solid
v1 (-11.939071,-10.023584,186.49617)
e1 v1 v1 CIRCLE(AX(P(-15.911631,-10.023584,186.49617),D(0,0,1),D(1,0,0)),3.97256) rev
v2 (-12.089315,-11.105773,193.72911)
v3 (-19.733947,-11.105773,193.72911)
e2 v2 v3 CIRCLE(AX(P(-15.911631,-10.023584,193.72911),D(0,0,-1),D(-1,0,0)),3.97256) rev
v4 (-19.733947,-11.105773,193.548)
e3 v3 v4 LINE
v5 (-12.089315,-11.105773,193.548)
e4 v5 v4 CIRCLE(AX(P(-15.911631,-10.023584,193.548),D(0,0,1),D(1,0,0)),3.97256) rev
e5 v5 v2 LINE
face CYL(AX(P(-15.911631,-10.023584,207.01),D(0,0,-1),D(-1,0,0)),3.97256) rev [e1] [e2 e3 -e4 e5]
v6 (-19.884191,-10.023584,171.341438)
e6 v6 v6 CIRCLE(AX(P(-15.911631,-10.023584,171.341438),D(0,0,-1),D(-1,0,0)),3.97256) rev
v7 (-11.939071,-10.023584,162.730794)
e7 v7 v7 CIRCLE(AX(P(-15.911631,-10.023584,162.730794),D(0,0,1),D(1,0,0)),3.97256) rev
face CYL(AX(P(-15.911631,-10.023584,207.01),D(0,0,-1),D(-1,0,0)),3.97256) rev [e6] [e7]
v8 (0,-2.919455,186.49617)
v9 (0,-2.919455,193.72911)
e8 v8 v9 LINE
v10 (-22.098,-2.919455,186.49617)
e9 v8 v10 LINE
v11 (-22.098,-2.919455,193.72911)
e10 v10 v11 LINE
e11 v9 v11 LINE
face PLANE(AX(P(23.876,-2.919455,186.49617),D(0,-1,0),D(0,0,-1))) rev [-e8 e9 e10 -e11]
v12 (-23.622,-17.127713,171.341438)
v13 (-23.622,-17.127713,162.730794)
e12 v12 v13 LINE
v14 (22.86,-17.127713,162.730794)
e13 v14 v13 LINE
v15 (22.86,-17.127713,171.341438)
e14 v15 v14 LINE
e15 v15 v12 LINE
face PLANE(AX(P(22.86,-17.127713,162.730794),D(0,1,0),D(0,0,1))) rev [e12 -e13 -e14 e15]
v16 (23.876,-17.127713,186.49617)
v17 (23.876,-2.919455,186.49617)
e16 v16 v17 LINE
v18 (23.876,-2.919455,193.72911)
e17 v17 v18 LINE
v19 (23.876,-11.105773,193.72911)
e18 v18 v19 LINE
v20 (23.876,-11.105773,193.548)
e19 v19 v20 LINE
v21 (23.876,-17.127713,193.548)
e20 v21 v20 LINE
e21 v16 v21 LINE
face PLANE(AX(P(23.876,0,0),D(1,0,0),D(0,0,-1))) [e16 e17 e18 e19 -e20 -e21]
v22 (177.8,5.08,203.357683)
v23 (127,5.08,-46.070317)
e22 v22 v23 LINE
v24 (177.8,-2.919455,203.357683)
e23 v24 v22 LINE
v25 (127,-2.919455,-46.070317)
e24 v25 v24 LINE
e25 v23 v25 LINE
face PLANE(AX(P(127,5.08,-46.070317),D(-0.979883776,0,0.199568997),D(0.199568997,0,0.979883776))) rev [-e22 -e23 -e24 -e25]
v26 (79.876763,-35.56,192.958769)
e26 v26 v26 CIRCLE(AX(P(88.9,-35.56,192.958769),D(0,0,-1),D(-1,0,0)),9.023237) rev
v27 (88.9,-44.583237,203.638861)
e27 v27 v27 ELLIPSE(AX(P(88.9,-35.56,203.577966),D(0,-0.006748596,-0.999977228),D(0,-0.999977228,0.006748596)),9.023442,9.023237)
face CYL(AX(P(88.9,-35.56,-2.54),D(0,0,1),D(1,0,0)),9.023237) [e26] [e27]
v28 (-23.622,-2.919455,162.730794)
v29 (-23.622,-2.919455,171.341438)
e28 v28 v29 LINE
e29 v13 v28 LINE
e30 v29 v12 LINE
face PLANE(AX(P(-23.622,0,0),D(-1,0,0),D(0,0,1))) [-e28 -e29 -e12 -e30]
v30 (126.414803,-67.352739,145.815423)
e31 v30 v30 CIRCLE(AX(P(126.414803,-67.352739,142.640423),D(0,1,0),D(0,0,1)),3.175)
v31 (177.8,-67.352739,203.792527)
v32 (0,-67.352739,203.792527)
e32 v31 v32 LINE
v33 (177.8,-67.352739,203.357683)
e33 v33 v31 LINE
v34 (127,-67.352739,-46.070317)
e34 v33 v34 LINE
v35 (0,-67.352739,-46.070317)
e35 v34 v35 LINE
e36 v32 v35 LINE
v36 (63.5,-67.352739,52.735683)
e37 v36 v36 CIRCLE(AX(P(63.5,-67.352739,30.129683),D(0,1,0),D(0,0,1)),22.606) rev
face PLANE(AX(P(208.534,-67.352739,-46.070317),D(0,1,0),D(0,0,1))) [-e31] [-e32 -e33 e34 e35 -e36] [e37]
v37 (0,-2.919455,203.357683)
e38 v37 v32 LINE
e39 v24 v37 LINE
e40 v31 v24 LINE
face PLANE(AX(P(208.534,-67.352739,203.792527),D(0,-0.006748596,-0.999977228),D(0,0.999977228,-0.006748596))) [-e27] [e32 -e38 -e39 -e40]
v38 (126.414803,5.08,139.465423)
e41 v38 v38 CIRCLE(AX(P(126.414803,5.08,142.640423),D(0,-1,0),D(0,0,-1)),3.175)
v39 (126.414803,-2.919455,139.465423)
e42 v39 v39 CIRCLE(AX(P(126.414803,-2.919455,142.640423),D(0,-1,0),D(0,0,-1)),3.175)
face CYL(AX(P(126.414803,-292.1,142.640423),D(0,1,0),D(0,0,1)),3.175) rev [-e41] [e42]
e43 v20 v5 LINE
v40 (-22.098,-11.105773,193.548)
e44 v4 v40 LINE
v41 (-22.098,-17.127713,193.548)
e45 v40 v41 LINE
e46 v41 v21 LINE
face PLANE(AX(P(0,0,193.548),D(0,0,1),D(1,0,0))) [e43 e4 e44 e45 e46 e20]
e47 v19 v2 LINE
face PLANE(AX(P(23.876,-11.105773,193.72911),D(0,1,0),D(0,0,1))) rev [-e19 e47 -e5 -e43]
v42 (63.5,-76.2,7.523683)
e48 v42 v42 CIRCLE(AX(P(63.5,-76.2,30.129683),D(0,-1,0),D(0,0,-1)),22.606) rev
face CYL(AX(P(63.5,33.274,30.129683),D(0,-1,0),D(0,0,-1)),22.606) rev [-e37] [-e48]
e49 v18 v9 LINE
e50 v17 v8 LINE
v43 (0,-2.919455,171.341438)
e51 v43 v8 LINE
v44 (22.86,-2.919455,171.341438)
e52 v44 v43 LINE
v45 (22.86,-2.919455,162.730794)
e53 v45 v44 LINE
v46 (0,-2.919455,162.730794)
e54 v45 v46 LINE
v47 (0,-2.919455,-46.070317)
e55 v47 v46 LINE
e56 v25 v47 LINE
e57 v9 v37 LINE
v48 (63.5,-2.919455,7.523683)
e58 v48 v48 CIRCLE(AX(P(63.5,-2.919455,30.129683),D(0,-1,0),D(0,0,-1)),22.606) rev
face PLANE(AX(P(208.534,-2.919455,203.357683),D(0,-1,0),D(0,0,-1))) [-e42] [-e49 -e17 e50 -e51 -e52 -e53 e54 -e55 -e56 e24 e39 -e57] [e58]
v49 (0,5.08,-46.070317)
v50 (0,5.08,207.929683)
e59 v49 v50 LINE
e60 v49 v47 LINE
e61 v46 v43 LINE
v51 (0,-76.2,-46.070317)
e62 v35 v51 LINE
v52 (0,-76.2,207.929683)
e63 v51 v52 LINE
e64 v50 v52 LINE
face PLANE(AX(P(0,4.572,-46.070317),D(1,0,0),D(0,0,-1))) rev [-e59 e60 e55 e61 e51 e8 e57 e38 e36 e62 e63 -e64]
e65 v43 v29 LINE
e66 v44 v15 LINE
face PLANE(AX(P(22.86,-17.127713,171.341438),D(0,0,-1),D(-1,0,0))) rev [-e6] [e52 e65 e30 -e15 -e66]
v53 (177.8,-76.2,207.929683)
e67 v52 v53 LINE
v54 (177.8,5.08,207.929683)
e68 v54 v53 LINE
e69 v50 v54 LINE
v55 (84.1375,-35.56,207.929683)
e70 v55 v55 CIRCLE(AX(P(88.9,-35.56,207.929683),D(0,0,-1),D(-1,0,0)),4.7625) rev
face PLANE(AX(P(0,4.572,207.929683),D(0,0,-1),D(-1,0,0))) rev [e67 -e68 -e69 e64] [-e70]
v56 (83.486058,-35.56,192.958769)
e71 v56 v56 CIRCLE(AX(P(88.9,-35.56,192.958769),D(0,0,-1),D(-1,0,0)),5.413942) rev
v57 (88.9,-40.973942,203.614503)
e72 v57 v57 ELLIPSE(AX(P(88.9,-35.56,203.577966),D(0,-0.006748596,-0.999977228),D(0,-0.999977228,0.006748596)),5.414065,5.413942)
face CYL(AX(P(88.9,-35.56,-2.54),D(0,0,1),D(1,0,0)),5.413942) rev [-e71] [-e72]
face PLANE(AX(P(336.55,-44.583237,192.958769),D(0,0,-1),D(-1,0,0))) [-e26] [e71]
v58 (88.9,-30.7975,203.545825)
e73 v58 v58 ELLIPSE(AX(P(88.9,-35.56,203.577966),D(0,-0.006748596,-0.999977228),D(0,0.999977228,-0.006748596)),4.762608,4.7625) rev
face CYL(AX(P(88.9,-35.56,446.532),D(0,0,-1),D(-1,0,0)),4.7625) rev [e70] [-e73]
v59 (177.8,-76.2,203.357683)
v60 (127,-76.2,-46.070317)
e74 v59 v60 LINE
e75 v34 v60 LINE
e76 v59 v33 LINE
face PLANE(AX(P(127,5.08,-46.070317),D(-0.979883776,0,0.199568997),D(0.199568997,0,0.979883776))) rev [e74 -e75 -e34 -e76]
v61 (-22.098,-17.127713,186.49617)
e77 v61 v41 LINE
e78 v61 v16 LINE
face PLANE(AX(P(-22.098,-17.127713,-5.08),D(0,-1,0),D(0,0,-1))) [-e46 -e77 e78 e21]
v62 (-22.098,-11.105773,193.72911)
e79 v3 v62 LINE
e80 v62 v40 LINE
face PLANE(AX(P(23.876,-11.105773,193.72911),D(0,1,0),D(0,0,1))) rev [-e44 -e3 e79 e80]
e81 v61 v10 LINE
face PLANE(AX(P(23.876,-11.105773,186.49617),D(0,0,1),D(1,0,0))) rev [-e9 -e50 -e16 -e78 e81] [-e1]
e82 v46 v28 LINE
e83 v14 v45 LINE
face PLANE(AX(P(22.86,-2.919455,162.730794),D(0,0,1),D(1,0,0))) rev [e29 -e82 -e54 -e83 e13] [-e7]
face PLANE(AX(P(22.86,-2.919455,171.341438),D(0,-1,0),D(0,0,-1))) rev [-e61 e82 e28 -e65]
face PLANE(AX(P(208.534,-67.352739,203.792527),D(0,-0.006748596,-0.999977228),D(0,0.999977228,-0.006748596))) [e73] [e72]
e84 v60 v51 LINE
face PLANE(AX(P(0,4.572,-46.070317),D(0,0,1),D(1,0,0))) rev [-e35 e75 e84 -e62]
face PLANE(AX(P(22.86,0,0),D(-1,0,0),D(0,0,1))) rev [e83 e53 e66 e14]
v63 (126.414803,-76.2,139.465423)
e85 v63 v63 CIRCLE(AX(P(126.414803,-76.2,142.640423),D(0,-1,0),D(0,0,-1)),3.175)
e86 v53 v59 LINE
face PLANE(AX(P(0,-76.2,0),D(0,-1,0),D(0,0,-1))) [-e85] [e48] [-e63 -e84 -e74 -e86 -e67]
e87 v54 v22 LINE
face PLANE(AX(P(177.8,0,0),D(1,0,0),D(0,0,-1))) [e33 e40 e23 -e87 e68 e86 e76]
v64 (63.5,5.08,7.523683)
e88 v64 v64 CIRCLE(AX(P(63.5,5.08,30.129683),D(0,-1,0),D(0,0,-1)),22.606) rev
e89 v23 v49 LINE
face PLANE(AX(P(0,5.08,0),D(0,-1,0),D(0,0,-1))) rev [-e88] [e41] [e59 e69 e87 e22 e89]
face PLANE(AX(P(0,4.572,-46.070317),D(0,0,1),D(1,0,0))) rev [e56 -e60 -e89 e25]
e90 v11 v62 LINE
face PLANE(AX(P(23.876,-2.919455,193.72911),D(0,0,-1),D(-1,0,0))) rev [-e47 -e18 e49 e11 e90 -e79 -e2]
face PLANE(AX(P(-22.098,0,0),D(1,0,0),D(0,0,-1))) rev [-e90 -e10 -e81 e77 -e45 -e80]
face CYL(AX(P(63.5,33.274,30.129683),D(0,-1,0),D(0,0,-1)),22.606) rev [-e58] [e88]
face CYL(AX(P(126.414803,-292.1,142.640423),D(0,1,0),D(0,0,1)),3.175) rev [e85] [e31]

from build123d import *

# Parameters (mm, degrees)
SALIENTE_EXTRUIR1_DEPTH       = 4.572
CROQUIS2_W                    = 4.572
CROQUIS2_H                    = 76.2
SALIENTE_EXTRUIR2_DEPTH       = 177.8
SALIENTE_EXTRUIR3_DEPTH       = 5.08
SALIENTE_EXTRUIR3_DEPTH_BACK  = 76.2
CORTAR_EXTRUIR5_DEPTH         = 208.534
CROQUIS5_R                    = 12.7
CORTAR_EXTRUIR6_DEPTH         = 50.038
CORTAR_EXTRUIR6_DEPTH_BACK    = 148.336
CROQUIS6_R                    = 22.606
CORTAR_EXTRUIR12_DEPTH        = 33.274
CORTAR_EXTRUIR12_DEPTH_BACK   = 97.282
CROQUIS7_R                    = 7.975525782
CORTAR_EXTRUIR13_DEPTH        = 66.04
CORTAR_EXTRUIR13_DEPTH_BACK   = 177.8
CROQUIS8_R                    = 8.001
CROQUIS8_R_2                  = 7.975525782
SALIENTE_EXTRUIR8_DEPTH       = 19.304
SALIENTE_EXTRUIR8_DEPTH_BACK  = 18.034
CROQUIS9_R                    = 8.001
SALIENTE_EXTRUIR9_DEPTH       = 15.494
SALIENTE_EXTRUIR9_DEPTH_BACK  = 19.558
CROQUIS10_W                   = 16.002
CROQUIS10_H                   = 15.494
CORTAR_EXTRUIR14_DEPTH        = 261.874
CORTAR_EXTRUIR15_DEPTH        = 422.402
CROQUIS12_R                   = 8.001
SALIENTE_EXTRUIR10_DEPTH      = 118.618
CROQUIS13_W                   = 16.002
CROQUIS13_H                   = 64.433284084
CORTAR_EXTRUIR16_DEPTH        = 300.99
CORTAR_EXTRUIR17_DEPTH        = 262.89
CROQUIS15_R                   = 3.175
CORTAR_EXTRUIR18_DEPTH        = 120.142
CORTAR_EXTRUIR18_DEPTH_BACK   = 292.1
CROQUIS16_R                   = 4.7625
CORTAR_EXTRUIR20_DEPTH        = 446.532
CROQUIS20_R                   = 9.023236634
CROQUIS20_R_2                 = 5.413941981
SALIENTE_EXTRUIR12_DEPTH      = 206.502
SALIENTE_EXTRUIR12_DEPTH_BACK = 2.54
CROQUIS22_W                   = 184.818676859
CROQUIS22_H                   = 18.046473268
CORTAR_EXTRUIR21_DEPTH        = 252.984
CROQUIS23_W                   = 10.680092276
CROQUIS23_H                   = 18.046473268
CORTAR_EXTRUIR22_DEPTH        = 336.55
CROQUIS24_W                   = 7.23294038
CROQUIS24_H                   = 8.186318229
SALIENTE_EXTRUIR13_DEPTH      = 23.876
SALIENTE_EXTRUIR13_DEPTH_BACK = 22.098
CROQUIS25_W                   = 45.974
CROQUIS25_H                   = 6.021939504
SALIENTE_EXTRUIR14_DEPTH      = 193.548
SALIENTE_EXTRUIR14_DEPTH_BACK = 5.08
CROQUIS26_W                   = 191.576169951
CROQUIS26_H                   = 6.021939504
CORTAR_EXTRUIR23_DEPTH        = 184.658
CORTAR_EXTRUIR23_DEPTH_BACK   = 81.534
CROQUIS27_W                   = 8.610643309
CROQUIS27_H                   = 14.208257733
SALIENTE_EXTRUIR15_DEPTH      = 22.86
SALIENTE_EXTRUIR15_DEPTH_BACK = 23.622
CROQUIS28_R                   = 3.97256
CORTAR_EXTRUIR24_DEPTH        = 207.01


with BuildPart() as part:
    # Croquis1 → Saliente-Extruir1 (new body)
    with BuildSketch(Plane(origin=(0, 0, 0), x_dir=(1, 0, 0), z_dir=(0, 1, 0))):
        Polygon((0, 46.07031702), (0, -207.92968298), (177.8, -207.92968298), (127, 46.07031702), align=None)
    extrude(amount=SALIENTE_EXTRUIR1_DEPTH)

    # Croquis2 → Saliente-Extruir2 (add)
    with BuildSketch(Plane(origin=(0, 0, 0), x_dir=(0, 0, -1), z_dir=(1, 0, 0))):
        with Locations((-205.64368298, -33.528)):
            Rectangle(CROQUIS2_W, CROQUIS2_H)
    extrude(amount=SALIENTE_EXTRUIR2_DEPTH)

    # Croquis3 → Saliente-Extruir3 (add, two sides)
    with BuildSketch(Plane(origin=(0, 0, 0), x_dir=(1, 0, 0), z_dir=(0, 1, 0))) as saliente_extruir3_sk:
        Polygon((0, -207.92968298), (0, 46.07031702), (127, 46.07031702), (177.8, -203.35768298), (177.8, -207.92968298), align=None)
    extrude(amount=SALIENTE_EXTRUIR3_DEPTH)
    extrude(saliente_extruir3_sk.sketch, amount=-SALIENTE_EXTRUIR3_DEPTH_BACK)

    # Croquis4 → Cortar-Extruir5 (cut)
    with BuildSketch(Plane(origin=(0, 0, 0), x_dir=(0, 0, -1), z_dir=(1, 0, 0))):
        Polygon((46.07031702, -2.919454773), (46.07031702, -67.352738857), (-203.792527081, -67.352738857), (-203.35768298, -2.919454773), align=None)
    extrude(amount=CORTAR_EXTRUIR5_DEPTH, mode=Mode.SUBTRACT)

    # Croquis5 → Cortar-Extruir6 (cut, two sides)
    with BuildSketch(Plane(origin=(0, 0, 0), x_dir=(1, 0, 0), z_dir=(0, 1, 0))) as cortar_extruir6_sk:
        with Locations((63.5, -30.12968298)):
            Circle(CROQUIS5_R)
    extrude(amount=CORTAR_EXTRUIR6_DEPTH, mode=Mode.SUBTRACT)
    extrude(cortar_extruir6_sk.sketch, amount=-CORTAR_EXTRUIR6_DEPTH_BACK, mode=Mode.SUBTRACT)

    # Croquis6 → Cortar-Extruir12 (cut, two sides)
    with BuildSketch(Plane(origin=(0, 0, 0), x_dir=(1, 0, 0), z_dir=(0, 1, 0))) as cortar_extruir12_sk:
        with Locations((63.5, -30.12968298)):
            Circle(CROQUIS6_R)
    extrude(amount=CORTAR_EXTRUIR12_DEPTH, mode=Mode.SUBTRACT)
    extrude(cortar_extruir12_sk.sketch, amount=-CORTAR_EXTRUIR12_DEPTH_BACK, mode=Mode.SUBTRACT)

    # Croquis7 → Cortar-Extruir13 (cut, two sides)
    with BuildSketch(Plane(origin=(0, 0, 0), x_dir=(1, 0, 0), z_dir=(0, 1, 0))) as cortar_extruir13_sk:
        with Locations((122.352899809, -133.656770096)):
            Circle(CROQUIS7_R)
    extrude(amount=CORTAR_EXTRUIR13_DEPTH, mode=Mode.SUBTRACT)
    extrude(cortar_extruir13_sk.sketch, amount=-CORTAR_EXTRUIR13_DEPTH_BACK, mode=Mode.SUBTRACT)

    # Croquis8 → Saliente-Extruir8 (add, two sides)
    with BuildSketch(Plane.XZ.offset(76.2)) as saliente_extruir8_sk:
        with Locations((122.352899809, 133.656770096)):
            Circle(CROQUIS8_R)
        with Locations((122.352899809, 133.656770096)):
            Circle(CROQUIS8_R_2, mode=Mode.SUBTRACT)
    extrude(amount=SALIENTE_EXTRUIR8_DEPTH)
    extrude(saliente_extruir8_sk.sketch, amount=-SALIENTE_EXTRUIR8_DEPTH_BACK)

    # Croquis9 → Saliente-Extruir9 (add, two sides)
    with BuildSketch(Plane(origin=(0, 5.08, 0), x_dir=(1, 0, 0), z_dir=(0, 1, 0))) as saliente_extruir9_sk:
        with Locations((122.352899809, -133.656770096)):
            Circle(CROQUIS9_R)
    extrude(amount=SALIENTE_EXTRUIR9_DEPTH)
    extrude(saliente_extruir9_sk.sketch, amount=-SALIENTE_EXTRUIR9_DEPTH_BACK)

    # Croquis10 → Cortar-Extruir14 (cut)
    with BuildSketch(Plane(origin=(0, 0, 0), x_dir=(0, 0, -1), z_dir=(1, 0, 0))):
        with Locations((-133.656770096, 12.827)):
            Rectangle(CROQUIS10_W, CROQUIS10_H)
    extrude(amount=CORTAR_EXTRUIR14_DEPTH, mode=Mode.SUBTRACT)

    # Croquis11 → Cortar-Extruir15 (cut)
    with BuildSketch(Plane(origin=(0, 0, 0), x_dir=(0, 0, -1), z_dir=(1, 0, 0))):
        Polygon((-142.139346511, -2.919454773), (-142.052853493, -14.491925991), (-125.655770096, -14.478), (-125.655770096, -2.919454773), align=None)
        Polygon((-141.657770096, -67.352738857), (-125.655770096, -67.352738857), (-125.655770096, -57.997233167), (-141.727693443, -57.997233167), align=None)
    extrude(amount=CORTAR_EXTRUIR15_DEPTH, mode=Mode.SUBTRACT)

    # Croquis12 → Saliente-Extruir10 (add)
    with BuildSketch(Plane(origin=(0, 0, 0), x_dir=(1, 0, 0), z_dir=(0, 1, 0))):
        with Locations((122.352899809, -133.656770096)):
            Circle(CROQUIS12_R)
    extrude(amount=-SALIENTE_EXTRUIR10_DEPTH)

    # Croquis13 → Cortar-Extruir16 (cut)
    with BuildSketch(Plane(origin=(0, 0, 0), x_dir=(0, 0, -1), z_dir=(1, 0, 0))):
        with Locations((-133.656770096, -35.136096815)):
            Rectangle(CROQUIS13_W, CROQUIS13_H)
    extrude(amount=CORTAR_EXTRUIR16_DEPTH, mode=Mode.SUBTRACT)

    # Croquis14 → Cortar-Extruir17 (cut)
    with BuildSketch(Plane(origin=(0, 0, 0), x_dir=(0, 0, -1), z_dir=(1, 0, 0))):
        Polygon((-141.823129416, -76.2), (-141.657770096, -118.618), (-125.655770096, -118.618), (-125.655770096, -76.2), align=None)
    extrude(amount=CORTAR_EXTRUIR17_DEPTH, mode=Mode.SUBTRACT)

    # Croquis15 → Cortar-Extruir18 (cut, two sides)
    with BuildSketch(Plane(origin=(0, 0, 0), x_dir=(1, 0, 0), z_dir=(0, 1, 0))) as cortar_extruir18_sk:
        with Locations((126.414802626, -142.640423395)):
            Circle(CROQUIS15_R)
    extrude(amount=CORTAR_EXTRUIR18_DEPTH, mode=Mode.SUBTRACT)
    extrude(cortar_extruir18_sk.sketch, amount=-CORTAR_EXTRUIR18_DEPTH_BACK, mode=Mode.SUBTRACT)

    # Croquis16 → Cortar-Extruir20 (cut)
    with BuildSketch(Plane.XY):
        with Locations((88.9, -35.56)):
            Circle(CROQUIS16_R)
    extrude(amount=CORTAR_EXTRUIR20_DEPTH, mode=Mode.SUBTRACT)

    # Croquis20 → Saliente-Extruir12 (add, two sides)
    with BuildSketch(Plane.XY) as saliente_extruir12_sk:
        with Locations((88.9, -35.56)):
            Circle(CROQUIS20_R)
        with Locations((88.9, -35.56)):
            Circle(CROQUIS20_R_2, mode=Mode.SUBTRACT)
    extrude(amount=SALIENTE_EXTRUIR12_DEPTH)
    extrude(saliente_extruir12_sk.sketch, amount=-SALIENTE_EXTRUIR12_DEPTH_BACK)

    # Croquis22 → Cortar-Extruir21 (cut)
    with BuildSketch(Plane(origin=(0, 0, 0), x_dir=(0, 0, -1), z_dir=(1, 0, 0))):
        with Locations((-89.86933843, -35.56)):
            Rectangle(CROQUIS22_W, CROQUIS22_H)
    extrude(amount=CORTAR_EXTRUIR21_DEPTH, mode=Mode.SUBTRACT)

    # Croquis23 → Cortar-Extruir22 (cut)
    with BuildSketch(Plane(origin=(0, 0, 0), x_dir=(0, 0, -1), z_dir=(1, 0, 0))):
        with Locations((-187.618722997, -35.56)):
            Rectangle(CROQUIS23_W, CROQUIS23_H)
    extrude(amount=CORTAR_EXTRUIR22_DEPTH, mode=Mode.SUBTRACT)

    # Croquis24 → Saliente-Extruir13 (add, two sides)
    with BuildSketch(Plane(origin=(0, 0, 0), x_dir=(0, 0, -1), z_dir=(1, 0, 0))) as saliente_extruir13_sk:
        with Locations((-190.112640141, -7.012613888)):
            Rectangle(CROQUIS24_W, CROQUIS24_H)
    extrude(amount=SALIENTE_EXTRUIR13_DEPTH)
    extrude(saliente_extruir13_sk.sketch, amount=-SALIENTE_EXTRUIR13_DEPTH_BACK)

    # Croquis25 → Saliente-Extruir14 (add, two sides)
    with BuildSketch(Plane.XY) as saliente_extruir14_sk:
        with Locations((0.889, -14.116742754)):
            Rectangle(CROQUIS25_W, CROQUIS25_H)
    extrude(amount=SALIENTE_EXTRUIR14_DEPTH)
    extrude(saliente_extruir14_sk.sketch, amount=-SALIENTE_EXTRUIR14_DEPTH_BACK)

    # Croquis26 → Cortar-Extruir23 (cut, two sides)
    with BuildSketch(Plane(origin=(0, 0, 0), x_dir=(0, 0, -1), z_dir=(1, 0, 0))) as cortar_extruir23_sk:
        with Locations((-90.708084976, -14.116742754)):
            Rectangle(CROQUIS26_W, CROQUIS26_H)
    extrude(amount=CORTAR_EXTRUIR23_DEPTH, mode=Mode.SUBTRACT)
    extrude(cortar_extruir23_sk.sketch, amount=-CORTAR_EXTRUIR23_DEPTH_BACK, mode=Mode.SUBTRACT)

    # Croquis27 → Saliente-Extruir15 (add, two sides)
    with BuildSketch(Plane(origin=(0, 0, 0), x_dir=(0, 0, -1), z_dir=(1, 0, 0))) as saliente_extruir15_sk:
        with Locations((-167.036116073, -10.023583639)):
            Rectangle(CROQUIS27_W, CROQUIS27_H)
    extrude(amount=SALIENTE_EXTRUIR15_DEPTH)
    extrude(saliente_extruir15_sk.sketch, amount=-SALIENTE_EXTRUIR15_DEPTH_BACK)

    # Croquis28 → Cortar-Extruir24 (cut)
    with BuildSketch(Plane.XY):
        with Locations((-15.911630765, -10.02358364)):
            Circle(CROQUIS28_R)
    extrude(amount=CORTAR_EXTRUIR24_DEPTH, mode=Mode.SUBTRACT)


solid = part.part
